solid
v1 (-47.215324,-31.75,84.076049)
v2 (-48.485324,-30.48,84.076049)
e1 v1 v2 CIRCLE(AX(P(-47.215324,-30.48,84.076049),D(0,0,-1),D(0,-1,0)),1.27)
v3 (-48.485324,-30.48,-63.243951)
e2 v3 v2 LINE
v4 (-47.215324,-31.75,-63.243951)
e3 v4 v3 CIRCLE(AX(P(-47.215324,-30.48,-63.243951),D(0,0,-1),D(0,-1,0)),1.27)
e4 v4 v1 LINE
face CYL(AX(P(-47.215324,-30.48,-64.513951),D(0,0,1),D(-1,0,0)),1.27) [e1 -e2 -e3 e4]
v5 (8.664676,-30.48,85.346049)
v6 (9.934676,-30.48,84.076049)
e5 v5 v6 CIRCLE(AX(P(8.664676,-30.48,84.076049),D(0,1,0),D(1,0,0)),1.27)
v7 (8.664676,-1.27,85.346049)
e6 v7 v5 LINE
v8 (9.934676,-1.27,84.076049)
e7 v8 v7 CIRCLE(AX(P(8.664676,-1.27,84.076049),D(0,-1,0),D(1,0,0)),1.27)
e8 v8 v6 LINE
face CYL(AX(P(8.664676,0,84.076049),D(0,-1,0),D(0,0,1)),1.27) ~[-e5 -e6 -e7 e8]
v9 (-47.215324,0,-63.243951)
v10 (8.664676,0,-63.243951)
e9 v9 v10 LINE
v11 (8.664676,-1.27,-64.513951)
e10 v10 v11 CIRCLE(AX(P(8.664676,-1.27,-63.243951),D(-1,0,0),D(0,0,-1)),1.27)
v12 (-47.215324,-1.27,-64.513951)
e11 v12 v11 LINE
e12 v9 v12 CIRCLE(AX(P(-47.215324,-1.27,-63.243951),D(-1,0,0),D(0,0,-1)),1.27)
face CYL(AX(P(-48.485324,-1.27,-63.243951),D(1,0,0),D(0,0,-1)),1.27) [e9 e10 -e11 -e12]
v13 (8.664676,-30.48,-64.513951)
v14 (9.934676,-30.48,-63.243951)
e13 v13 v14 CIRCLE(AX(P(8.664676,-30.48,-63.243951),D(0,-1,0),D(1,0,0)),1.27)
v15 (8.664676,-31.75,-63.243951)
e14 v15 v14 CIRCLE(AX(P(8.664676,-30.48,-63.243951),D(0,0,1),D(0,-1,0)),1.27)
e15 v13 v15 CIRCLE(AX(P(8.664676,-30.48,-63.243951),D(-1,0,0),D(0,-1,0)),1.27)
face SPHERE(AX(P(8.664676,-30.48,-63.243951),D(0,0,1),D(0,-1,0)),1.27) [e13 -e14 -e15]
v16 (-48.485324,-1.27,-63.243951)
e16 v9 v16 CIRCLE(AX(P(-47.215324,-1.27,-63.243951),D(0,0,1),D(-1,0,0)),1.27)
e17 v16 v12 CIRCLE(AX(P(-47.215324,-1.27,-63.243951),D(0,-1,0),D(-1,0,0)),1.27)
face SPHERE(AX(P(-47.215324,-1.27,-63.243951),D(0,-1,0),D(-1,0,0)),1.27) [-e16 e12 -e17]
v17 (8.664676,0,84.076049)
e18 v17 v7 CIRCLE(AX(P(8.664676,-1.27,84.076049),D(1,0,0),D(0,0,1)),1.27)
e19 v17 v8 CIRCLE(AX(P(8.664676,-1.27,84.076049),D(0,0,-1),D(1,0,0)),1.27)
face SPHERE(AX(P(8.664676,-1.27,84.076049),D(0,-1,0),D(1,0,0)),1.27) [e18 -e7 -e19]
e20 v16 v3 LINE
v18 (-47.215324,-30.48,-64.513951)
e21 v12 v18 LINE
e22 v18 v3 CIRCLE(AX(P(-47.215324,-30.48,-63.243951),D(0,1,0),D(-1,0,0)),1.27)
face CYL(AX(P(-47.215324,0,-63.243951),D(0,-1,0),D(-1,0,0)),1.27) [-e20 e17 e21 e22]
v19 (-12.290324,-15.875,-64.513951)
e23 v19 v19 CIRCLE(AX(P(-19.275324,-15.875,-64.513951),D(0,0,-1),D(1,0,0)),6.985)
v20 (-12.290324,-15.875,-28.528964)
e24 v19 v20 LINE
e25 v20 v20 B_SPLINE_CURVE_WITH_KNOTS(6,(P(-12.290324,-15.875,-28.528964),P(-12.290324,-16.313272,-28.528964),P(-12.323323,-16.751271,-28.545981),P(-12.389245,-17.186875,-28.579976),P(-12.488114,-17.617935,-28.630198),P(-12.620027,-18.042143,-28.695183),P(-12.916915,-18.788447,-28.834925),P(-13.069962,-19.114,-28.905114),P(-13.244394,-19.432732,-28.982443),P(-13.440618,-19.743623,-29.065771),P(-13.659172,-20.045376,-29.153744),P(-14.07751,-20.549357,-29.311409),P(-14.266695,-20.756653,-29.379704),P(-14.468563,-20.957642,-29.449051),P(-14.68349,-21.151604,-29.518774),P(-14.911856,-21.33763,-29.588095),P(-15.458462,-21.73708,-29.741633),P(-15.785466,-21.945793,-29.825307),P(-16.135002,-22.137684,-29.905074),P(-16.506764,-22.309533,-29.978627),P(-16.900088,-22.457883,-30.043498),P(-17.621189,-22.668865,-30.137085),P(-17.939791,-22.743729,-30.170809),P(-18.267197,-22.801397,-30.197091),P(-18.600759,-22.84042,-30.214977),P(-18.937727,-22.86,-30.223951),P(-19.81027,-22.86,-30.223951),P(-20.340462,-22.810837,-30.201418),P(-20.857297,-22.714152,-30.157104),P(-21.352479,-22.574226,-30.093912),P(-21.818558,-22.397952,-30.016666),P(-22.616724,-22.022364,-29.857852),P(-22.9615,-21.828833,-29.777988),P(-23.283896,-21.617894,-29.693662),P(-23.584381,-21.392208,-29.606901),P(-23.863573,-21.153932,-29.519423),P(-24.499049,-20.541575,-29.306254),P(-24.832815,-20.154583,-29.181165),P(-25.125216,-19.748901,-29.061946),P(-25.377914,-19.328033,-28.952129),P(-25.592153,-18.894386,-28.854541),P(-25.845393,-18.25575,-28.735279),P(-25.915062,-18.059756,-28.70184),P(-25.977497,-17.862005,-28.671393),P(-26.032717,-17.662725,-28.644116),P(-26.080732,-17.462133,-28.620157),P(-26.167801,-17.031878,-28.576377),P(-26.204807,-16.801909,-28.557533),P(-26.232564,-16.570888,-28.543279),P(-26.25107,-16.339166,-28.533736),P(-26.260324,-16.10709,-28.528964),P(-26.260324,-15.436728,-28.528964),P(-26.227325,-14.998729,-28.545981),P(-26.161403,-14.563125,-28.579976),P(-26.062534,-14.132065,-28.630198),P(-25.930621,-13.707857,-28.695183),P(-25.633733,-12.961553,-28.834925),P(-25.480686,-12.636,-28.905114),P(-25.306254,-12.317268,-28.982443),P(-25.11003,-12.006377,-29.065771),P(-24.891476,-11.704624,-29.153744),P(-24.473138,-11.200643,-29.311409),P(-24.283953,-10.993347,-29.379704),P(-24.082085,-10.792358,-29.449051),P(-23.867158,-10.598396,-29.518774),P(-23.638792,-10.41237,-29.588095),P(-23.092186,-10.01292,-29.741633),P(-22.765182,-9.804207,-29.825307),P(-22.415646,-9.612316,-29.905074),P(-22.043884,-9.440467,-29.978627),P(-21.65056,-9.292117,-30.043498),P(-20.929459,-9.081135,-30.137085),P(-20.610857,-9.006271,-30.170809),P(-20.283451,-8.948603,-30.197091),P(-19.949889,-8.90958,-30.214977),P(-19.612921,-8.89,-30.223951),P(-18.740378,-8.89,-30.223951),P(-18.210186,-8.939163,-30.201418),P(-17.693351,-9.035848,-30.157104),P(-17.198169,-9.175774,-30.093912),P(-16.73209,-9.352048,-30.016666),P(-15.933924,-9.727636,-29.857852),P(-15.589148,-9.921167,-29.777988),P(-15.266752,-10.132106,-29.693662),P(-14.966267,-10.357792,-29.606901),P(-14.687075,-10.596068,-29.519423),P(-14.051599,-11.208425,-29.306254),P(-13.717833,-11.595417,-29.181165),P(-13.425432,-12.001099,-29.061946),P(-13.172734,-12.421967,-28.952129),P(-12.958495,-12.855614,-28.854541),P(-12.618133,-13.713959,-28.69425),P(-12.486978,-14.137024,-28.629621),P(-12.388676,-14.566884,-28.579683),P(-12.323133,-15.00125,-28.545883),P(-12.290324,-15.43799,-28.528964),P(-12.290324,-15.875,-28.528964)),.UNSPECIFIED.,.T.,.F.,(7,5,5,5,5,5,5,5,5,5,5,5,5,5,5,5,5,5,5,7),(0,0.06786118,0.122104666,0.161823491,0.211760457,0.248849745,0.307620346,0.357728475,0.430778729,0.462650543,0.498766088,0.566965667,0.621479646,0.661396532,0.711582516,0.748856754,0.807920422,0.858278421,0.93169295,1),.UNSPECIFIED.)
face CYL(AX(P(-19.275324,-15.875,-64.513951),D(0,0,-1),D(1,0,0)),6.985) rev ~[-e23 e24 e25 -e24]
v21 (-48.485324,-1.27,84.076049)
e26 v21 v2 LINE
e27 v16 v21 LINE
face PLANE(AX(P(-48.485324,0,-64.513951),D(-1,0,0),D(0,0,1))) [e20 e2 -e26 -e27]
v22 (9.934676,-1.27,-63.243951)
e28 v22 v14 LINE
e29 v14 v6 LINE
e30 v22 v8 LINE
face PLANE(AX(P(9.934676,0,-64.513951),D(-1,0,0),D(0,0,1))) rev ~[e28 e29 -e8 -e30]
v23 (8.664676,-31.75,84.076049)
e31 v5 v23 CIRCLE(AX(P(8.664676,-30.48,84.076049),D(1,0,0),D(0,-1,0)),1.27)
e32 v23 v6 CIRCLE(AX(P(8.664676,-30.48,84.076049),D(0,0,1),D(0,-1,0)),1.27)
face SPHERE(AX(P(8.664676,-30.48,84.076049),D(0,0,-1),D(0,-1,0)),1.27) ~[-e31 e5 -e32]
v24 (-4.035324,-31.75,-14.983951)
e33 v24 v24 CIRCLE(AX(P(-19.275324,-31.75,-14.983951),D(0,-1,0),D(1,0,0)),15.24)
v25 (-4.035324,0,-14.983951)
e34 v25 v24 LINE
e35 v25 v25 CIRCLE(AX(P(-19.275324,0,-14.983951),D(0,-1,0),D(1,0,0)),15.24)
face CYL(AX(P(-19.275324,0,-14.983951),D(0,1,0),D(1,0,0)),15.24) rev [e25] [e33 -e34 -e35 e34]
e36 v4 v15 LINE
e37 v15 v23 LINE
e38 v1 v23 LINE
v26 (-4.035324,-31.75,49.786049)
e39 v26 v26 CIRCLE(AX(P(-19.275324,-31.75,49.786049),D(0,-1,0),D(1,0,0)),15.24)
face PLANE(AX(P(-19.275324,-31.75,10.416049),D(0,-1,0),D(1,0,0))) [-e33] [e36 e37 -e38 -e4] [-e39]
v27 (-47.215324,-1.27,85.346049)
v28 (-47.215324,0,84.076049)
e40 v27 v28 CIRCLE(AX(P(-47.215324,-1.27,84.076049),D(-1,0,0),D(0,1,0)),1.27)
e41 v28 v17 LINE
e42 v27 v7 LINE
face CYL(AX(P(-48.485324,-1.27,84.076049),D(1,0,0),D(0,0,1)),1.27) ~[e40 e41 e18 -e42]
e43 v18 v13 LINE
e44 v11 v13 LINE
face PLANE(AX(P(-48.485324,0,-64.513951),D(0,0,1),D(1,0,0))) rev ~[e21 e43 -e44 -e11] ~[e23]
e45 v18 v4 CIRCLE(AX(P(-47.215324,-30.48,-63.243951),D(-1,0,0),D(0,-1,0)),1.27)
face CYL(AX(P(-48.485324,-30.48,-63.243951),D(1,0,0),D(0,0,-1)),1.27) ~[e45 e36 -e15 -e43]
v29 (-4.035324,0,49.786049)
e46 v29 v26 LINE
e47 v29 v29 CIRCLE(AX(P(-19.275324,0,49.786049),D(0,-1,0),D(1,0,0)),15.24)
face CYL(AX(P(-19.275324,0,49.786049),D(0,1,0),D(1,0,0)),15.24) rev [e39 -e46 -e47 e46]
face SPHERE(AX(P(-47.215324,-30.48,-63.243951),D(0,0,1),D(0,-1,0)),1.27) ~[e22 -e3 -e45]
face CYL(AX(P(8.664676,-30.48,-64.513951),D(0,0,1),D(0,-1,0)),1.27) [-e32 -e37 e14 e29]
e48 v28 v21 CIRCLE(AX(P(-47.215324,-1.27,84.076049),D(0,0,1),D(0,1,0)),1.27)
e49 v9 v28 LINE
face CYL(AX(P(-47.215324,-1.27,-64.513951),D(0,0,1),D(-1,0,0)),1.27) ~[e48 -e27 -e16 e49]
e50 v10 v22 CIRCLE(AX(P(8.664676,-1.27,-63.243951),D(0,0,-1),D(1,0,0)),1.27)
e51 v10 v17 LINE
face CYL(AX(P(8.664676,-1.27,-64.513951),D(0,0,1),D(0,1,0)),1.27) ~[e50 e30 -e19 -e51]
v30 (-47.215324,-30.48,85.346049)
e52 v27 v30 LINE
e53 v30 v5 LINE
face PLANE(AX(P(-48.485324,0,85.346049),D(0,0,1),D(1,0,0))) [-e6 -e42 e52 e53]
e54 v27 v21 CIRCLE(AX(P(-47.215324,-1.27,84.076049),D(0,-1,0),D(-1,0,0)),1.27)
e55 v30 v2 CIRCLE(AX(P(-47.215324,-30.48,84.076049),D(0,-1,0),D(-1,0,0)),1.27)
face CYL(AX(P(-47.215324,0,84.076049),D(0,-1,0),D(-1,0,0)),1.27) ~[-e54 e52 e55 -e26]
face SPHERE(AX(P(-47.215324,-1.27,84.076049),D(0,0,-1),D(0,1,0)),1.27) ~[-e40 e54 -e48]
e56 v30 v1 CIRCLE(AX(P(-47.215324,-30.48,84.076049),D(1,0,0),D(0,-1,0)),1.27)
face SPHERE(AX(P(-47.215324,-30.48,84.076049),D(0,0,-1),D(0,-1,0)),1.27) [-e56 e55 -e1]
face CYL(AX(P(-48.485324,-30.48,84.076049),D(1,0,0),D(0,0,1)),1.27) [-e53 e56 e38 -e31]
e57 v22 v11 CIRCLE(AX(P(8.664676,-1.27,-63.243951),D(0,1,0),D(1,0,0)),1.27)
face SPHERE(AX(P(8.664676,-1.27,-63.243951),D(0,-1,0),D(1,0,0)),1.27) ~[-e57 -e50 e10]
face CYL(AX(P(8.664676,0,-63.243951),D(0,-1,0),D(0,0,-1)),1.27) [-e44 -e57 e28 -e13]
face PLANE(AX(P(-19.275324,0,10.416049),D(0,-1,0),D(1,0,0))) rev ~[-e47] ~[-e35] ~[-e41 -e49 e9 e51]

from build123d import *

# Parameters (mm, degrees)
F0_W     = 58.42
F0_H     = 149.86
F0_R     = 15.24
F1_DEPTH = 31.75
F2_R     = 6.985
F3_DEPTH = 46.99
F4_R     = 1.27


with BuildPart() as f1:
    # F0 (on Front) → F1 (new body)
    with BuildSketch(Plane.XZ):
        with Locations((-19.275324, 10.416049)):
            Rectangle(F0_W, F0_H)
        with Locations((-19.275324, -14.983951)):
            Circle(F0_R, mode=Mode.SUBTRACT)
        with Locations((-19.275324, 49.786049)):
            Circle(F0_R, mode=Mode.SUBTRACT)
    extrude(amount=F1_DEPTH)

    # F2 (on face) → F3 (cut)
    with BuildSketch(Plane(origin=(0, 0, -64.513951), x_dir=(1, 0, 0), z_dir=(0, 0, -1))):
        with Locations((-19.275324, 15.875)):
            Circle(F2_R)
    extrude(amount=-F3_DEPTH, mode=Mode.SUBTRACT)

    # F4
    f4_edges = [f1.edges().sort_by_distance(p)[0] for p in [
        (-48.485324, -31.75, 10.416049),
        (9.934676, -31.75, 10.416049),
        (-19.275324, -31.75, -64.513951),
        (-19.275324, -31.75, 85.346049),
        (-48.485324, -15.875, -64.513951),
        (9.934676, -15.875, -64.513951),
        (-48.485324, 0, 10.416049),
        (9.934676, -15.875, 85.346049),
        (9.934676, 0, 10.416049),
        (-19.275324, 0, -64.513951),
        (-19.275324, 0, 85.346049),
        (-48.485324, -15.875, 85.346049),
    ]]
    fillet(f4_edges, radius=F4_R)


solid = f1.part
